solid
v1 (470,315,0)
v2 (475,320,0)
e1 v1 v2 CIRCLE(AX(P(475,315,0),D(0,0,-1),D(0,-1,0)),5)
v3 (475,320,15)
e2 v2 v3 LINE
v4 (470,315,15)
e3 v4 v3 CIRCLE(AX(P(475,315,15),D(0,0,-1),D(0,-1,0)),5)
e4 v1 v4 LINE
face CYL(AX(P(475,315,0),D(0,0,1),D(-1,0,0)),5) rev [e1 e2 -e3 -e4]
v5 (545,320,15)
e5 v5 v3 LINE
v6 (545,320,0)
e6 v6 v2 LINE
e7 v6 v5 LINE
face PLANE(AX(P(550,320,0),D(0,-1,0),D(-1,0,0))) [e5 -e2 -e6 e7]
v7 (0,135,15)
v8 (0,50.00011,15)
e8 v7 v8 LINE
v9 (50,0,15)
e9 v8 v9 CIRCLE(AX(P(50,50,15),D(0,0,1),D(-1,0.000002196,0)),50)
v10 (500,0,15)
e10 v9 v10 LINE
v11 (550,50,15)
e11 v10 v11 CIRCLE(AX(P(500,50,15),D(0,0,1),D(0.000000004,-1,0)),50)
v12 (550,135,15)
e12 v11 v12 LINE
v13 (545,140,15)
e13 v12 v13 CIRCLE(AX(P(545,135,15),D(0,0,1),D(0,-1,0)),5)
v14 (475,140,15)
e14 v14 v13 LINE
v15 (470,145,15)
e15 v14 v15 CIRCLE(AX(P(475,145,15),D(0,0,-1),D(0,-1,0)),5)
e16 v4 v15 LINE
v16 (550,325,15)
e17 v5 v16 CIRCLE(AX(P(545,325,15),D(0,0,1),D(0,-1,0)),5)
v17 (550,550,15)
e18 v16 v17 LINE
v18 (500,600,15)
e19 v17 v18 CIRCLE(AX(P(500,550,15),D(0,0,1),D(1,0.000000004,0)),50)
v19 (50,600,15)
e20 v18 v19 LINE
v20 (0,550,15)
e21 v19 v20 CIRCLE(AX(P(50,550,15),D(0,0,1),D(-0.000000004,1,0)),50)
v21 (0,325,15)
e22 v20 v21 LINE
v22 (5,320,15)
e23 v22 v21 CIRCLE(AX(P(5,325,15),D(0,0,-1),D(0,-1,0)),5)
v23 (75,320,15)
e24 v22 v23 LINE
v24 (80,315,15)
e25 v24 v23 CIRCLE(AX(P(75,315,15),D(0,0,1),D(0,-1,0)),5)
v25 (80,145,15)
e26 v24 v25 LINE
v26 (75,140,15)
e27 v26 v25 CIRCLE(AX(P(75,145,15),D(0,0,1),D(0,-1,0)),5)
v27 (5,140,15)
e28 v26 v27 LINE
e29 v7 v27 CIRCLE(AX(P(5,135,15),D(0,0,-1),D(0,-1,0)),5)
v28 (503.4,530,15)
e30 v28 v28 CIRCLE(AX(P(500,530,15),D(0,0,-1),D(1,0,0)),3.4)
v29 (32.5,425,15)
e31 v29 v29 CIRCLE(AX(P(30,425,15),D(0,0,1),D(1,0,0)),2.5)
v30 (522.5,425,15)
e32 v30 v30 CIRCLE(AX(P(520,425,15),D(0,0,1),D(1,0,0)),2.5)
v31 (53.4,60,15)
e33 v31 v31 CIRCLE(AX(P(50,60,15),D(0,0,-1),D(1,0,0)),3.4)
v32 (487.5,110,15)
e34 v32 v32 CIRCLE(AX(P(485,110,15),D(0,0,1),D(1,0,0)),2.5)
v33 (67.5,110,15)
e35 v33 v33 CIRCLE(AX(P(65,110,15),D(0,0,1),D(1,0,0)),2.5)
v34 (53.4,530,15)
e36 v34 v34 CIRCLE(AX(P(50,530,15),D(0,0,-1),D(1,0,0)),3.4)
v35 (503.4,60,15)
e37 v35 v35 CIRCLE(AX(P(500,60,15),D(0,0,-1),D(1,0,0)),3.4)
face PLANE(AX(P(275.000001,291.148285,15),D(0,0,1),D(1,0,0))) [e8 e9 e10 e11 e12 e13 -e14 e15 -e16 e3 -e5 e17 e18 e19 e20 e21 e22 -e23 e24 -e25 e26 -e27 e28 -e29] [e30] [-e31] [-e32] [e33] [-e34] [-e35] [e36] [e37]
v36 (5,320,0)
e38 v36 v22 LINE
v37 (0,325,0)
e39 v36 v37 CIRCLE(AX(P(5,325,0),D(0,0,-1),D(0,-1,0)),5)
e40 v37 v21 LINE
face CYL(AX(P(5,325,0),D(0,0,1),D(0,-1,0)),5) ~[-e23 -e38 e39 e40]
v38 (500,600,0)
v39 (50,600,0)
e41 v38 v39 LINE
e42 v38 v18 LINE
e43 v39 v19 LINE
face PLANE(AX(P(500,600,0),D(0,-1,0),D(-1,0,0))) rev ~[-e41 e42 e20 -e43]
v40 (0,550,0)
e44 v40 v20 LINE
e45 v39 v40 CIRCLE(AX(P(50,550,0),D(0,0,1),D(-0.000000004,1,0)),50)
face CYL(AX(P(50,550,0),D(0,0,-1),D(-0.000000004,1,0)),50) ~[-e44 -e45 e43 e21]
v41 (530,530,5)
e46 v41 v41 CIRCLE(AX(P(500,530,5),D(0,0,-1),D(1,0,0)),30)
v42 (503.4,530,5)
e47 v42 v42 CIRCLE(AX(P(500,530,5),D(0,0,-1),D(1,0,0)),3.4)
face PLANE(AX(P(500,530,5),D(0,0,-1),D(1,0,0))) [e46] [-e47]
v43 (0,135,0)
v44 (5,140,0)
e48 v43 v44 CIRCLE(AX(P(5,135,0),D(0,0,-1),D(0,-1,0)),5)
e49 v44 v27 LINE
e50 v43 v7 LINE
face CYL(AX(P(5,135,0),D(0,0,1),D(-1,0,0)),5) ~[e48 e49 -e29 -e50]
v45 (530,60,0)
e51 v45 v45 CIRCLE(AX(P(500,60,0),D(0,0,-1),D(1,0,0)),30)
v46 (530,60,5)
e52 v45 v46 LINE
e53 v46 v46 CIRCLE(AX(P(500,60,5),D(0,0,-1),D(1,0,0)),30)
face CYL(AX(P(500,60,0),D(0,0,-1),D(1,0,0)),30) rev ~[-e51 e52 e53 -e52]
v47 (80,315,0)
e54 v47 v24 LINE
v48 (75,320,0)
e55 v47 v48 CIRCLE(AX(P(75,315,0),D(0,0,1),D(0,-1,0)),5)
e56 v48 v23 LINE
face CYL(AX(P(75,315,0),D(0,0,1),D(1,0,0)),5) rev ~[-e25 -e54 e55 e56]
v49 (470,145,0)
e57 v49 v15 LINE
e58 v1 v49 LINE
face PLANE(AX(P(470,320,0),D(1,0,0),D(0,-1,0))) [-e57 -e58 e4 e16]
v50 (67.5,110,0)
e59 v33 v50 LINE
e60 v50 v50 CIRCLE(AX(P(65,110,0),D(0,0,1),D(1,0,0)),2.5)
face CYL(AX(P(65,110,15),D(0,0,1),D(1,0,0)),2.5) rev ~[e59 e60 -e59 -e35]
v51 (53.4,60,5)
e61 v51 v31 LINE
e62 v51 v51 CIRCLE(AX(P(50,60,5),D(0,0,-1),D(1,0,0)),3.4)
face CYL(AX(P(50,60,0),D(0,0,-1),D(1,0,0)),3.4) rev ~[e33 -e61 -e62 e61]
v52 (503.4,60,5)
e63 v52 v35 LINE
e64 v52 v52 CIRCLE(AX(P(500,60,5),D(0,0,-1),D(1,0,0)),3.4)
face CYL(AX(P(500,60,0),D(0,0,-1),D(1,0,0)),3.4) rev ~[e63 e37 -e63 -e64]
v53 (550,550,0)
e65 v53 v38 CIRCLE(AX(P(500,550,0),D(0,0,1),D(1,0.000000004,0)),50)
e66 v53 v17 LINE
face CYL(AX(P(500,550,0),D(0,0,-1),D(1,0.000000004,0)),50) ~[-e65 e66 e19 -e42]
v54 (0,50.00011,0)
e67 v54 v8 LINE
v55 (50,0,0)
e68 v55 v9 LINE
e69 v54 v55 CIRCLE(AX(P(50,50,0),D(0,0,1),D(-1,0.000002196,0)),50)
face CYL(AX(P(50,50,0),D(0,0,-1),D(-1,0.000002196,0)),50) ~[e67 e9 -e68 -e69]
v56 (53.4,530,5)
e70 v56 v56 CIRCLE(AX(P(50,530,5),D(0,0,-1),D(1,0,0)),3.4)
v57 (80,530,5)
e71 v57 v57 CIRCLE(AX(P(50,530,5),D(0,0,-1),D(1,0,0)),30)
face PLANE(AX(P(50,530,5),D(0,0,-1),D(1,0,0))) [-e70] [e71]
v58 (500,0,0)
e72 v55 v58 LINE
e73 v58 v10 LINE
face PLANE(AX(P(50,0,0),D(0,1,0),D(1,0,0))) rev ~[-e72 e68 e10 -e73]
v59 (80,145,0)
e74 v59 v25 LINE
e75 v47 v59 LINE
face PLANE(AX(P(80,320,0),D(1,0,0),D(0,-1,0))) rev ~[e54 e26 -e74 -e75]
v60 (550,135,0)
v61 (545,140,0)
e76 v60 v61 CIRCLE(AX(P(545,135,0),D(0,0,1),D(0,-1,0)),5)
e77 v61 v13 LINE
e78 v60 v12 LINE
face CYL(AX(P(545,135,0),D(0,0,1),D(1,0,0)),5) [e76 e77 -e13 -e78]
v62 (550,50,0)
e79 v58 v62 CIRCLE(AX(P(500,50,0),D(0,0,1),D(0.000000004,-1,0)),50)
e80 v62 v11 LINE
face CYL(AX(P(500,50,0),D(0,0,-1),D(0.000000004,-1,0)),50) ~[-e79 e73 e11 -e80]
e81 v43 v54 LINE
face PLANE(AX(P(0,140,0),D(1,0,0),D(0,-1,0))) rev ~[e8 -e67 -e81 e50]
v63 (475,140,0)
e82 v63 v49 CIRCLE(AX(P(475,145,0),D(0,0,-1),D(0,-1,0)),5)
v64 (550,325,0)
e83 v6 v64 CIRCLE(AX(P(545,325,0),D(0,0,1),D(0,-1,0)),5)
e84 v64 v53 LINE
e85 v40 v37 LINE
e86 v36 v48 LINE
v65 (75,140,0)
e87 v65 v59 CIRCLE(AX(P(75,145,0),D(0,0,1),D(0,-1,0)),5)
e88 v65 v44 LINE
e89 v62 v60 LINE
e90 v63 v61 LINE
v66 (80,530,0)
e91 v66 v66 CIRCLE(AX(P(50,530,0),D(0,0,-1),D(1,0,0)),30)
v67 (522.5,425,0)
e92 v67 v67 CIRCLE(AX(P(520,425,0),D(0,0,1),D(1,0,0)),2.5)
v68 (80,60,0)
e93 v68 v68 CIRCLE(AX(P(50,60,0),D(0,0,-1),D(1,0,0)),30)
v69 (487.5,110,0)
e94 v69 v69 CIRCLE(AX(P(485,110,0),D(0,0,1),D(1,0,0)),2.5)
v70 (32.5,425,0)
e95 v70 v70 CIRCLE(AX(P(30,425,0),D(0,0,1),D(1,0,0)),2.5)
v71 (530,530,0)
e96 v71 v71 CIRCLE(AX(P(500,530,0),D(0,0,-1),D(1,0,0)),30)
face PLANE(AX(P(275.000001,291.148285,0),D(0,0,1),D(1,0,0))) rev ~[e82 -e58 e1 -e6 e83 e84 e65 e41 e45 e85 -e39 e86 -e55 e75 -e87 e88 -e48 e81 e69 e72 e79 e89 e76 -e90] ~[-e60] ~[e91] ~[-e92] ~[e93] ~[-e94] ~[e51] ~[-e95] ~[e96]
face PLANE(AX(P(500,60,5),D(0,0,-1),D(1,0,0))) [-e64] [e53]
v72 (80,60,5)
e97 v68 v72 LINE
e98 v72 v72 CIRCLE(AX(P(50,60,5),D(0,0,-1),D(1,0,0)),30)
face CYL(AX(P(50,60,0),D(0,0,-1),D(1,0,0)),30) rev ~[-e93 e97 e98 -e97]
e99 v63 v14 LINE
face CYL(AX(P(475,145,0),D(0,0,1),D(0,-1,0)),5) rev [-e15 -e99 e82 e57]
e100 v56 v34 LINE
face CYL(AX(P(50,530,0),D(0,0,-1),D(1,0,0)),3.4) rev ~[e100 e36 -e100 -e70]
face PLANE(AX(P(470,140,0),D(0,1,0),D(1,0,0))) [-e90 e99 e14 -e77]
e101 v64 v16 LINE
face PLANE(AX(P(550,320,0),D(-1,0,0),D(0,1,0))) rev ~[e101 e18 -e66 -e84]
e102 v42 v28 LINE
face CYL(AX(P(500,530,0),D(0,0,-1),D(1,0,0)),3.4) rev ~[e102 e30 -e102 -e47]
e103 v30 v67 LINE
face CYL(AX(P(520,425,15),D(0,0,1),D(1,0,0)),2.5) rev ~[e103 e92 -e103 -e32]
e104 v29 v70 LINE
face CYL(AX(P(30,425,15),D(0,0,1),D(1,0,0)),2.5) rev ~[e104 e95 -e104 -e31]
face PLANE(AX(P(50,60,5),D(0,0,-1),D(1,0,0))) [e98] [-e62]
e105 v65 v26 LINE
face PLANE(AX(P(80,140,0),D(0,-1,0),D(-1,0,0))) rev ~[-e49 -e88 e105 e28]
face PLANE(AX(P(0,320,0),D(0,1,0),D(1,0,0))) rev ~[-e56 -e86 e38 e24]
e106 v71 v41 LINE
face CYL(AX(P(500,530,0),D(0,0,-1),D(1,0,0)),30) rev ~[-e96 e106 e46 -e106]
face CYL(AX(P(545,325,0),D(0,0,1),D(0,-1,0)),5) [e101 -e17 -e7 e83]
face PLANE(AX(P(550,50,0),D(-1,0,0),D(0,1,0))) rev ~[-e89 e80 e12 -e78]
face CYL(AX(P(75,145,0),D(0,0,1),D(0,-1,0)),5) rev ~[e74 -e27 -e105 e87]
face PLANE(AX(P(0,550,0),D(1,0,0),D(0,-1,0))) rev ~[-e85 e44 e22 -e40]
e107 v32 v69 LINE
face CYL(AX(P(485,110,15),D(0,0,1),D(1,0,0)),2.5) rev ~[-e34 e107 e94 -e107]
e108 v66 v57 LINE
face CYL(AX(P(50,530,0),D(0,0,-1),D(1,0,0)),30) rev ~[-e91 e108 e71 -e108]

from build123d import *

# Parameters (mm, degrees)
PAD_DEPTH     = 15
SKETCH001_R   = 30
POCKET_DEPTH  = 5
SKETCH002_R   = 3.4
HOLE_DEPTH    = 15.001
FILLET_R      = 5
SKETCH003_R   = 2.5
HOLE001_DEPTH = 15.001


with BuildPart() as part:
    # Sketch → Pad (new body)
    with BuildSketch(Plane.XY):
        with BuildLine():
            Line((50, 0), (500, 0))
            ThreePointArc((500, 0), (535.355339, 14.644661), (550, 50))
            Line((550, 50), (550, 140))
            Line((470, 140), (550, 140))
            Line((470, 320), (470, 140))
            Line((550, 320), (470, 320))
            Line((550, 320), (550, 550))
            ThreePointArc((550, 550), (535.355339, 585.355339), (500, 600))
            Line((500, 600), (50, 600))
            ThreePointArc((50, 600), (14.644661, 585.355339), (0, 550))
            Line((0, 550), (0, 320))
            Line((0, 320), (80, 320))
            Line((80, 320), (80, 140))
            Line((80, 140), (0, 140))
            Line((0, 140), (0, 50.00011))
            ThreePointArc((0, 50.00011), (14.644622, 14.6447), (50, 0))
        make_face()
    extrude(amount=PAD_DEPTH)

    # Sketch001 (on Face17 of Pad) → Pocket (cut)
    with BuildSketch(Plane(origin=(0, 0, 0), x_dir=(1, 0, 0), z_dir=(0, 0, -1))):
        with Locations((500, -60)):
            Circle(SKETCH001_R)
        with Locations((50, -60)):
            Circle(SKETCH001_R)
        with Locations((500, -530)):
            Circle(SKETCH001_R)
        with Locations((50, -530)):
            Circle(SKETCH001_R)
    extrude(amount=-POCKET_DEPTH, mode=Mode.SUBTRACT)

    # Sketch002 (on Face4 of Pocket) → Hole (cut, through all)
    with BuildSketch(Plane(origin=(0, 0, 0), x_dir=(1, 0, 0), z_dir=(0, 0, -1))):
        with Locations((50, -60)):
            Circle(SKETCH002_R)
        with Locations((500, -60)):
            Circle(SKETCH002_R)
        with Locations((500, -530)):
            Circle(SKETCH002_R)
        with Locations((50, -530)):
            Circle(SKETCH002_R)
    extrude(amount=-HOLE_DEPTH, mode=Mode.SUBTRACT)

    # Fillet
    fillet_edges = [part.edges().sort_by_distance(p)[0] for p in [
        (550, 320, 7.5),
        (550, 140, 7.5),
        (470, 320, 7.5),
        (470, 140, 7.5),
        (80, 140, 7.5),
        (0, 140, 7.5),
        (0, 320, 7.5),
        (80, 320, 7.5),
    ]]
    fillet(fillet_edges, radius=FILLET_R)

    # Sketch003 (on Face5 of Fillet) → Hole001 (cut, through all)
    with BuildSketch(Plane.XY.offset(15)):
        with Locations((30, 425)):
            Circle(SKETCH003_R)
        with Locations((520, 425)):
            Circle(SKETCH003_R)
        with Locations((65, 110)):
            Circle(SKETCH003_R)
        with Locations((485, 110)):
            Circle(SKETCH003_R)
    extrude(amount=-HOLE001_DEPTH, mode=Mode.SUBTRACT)


solid = part.part
